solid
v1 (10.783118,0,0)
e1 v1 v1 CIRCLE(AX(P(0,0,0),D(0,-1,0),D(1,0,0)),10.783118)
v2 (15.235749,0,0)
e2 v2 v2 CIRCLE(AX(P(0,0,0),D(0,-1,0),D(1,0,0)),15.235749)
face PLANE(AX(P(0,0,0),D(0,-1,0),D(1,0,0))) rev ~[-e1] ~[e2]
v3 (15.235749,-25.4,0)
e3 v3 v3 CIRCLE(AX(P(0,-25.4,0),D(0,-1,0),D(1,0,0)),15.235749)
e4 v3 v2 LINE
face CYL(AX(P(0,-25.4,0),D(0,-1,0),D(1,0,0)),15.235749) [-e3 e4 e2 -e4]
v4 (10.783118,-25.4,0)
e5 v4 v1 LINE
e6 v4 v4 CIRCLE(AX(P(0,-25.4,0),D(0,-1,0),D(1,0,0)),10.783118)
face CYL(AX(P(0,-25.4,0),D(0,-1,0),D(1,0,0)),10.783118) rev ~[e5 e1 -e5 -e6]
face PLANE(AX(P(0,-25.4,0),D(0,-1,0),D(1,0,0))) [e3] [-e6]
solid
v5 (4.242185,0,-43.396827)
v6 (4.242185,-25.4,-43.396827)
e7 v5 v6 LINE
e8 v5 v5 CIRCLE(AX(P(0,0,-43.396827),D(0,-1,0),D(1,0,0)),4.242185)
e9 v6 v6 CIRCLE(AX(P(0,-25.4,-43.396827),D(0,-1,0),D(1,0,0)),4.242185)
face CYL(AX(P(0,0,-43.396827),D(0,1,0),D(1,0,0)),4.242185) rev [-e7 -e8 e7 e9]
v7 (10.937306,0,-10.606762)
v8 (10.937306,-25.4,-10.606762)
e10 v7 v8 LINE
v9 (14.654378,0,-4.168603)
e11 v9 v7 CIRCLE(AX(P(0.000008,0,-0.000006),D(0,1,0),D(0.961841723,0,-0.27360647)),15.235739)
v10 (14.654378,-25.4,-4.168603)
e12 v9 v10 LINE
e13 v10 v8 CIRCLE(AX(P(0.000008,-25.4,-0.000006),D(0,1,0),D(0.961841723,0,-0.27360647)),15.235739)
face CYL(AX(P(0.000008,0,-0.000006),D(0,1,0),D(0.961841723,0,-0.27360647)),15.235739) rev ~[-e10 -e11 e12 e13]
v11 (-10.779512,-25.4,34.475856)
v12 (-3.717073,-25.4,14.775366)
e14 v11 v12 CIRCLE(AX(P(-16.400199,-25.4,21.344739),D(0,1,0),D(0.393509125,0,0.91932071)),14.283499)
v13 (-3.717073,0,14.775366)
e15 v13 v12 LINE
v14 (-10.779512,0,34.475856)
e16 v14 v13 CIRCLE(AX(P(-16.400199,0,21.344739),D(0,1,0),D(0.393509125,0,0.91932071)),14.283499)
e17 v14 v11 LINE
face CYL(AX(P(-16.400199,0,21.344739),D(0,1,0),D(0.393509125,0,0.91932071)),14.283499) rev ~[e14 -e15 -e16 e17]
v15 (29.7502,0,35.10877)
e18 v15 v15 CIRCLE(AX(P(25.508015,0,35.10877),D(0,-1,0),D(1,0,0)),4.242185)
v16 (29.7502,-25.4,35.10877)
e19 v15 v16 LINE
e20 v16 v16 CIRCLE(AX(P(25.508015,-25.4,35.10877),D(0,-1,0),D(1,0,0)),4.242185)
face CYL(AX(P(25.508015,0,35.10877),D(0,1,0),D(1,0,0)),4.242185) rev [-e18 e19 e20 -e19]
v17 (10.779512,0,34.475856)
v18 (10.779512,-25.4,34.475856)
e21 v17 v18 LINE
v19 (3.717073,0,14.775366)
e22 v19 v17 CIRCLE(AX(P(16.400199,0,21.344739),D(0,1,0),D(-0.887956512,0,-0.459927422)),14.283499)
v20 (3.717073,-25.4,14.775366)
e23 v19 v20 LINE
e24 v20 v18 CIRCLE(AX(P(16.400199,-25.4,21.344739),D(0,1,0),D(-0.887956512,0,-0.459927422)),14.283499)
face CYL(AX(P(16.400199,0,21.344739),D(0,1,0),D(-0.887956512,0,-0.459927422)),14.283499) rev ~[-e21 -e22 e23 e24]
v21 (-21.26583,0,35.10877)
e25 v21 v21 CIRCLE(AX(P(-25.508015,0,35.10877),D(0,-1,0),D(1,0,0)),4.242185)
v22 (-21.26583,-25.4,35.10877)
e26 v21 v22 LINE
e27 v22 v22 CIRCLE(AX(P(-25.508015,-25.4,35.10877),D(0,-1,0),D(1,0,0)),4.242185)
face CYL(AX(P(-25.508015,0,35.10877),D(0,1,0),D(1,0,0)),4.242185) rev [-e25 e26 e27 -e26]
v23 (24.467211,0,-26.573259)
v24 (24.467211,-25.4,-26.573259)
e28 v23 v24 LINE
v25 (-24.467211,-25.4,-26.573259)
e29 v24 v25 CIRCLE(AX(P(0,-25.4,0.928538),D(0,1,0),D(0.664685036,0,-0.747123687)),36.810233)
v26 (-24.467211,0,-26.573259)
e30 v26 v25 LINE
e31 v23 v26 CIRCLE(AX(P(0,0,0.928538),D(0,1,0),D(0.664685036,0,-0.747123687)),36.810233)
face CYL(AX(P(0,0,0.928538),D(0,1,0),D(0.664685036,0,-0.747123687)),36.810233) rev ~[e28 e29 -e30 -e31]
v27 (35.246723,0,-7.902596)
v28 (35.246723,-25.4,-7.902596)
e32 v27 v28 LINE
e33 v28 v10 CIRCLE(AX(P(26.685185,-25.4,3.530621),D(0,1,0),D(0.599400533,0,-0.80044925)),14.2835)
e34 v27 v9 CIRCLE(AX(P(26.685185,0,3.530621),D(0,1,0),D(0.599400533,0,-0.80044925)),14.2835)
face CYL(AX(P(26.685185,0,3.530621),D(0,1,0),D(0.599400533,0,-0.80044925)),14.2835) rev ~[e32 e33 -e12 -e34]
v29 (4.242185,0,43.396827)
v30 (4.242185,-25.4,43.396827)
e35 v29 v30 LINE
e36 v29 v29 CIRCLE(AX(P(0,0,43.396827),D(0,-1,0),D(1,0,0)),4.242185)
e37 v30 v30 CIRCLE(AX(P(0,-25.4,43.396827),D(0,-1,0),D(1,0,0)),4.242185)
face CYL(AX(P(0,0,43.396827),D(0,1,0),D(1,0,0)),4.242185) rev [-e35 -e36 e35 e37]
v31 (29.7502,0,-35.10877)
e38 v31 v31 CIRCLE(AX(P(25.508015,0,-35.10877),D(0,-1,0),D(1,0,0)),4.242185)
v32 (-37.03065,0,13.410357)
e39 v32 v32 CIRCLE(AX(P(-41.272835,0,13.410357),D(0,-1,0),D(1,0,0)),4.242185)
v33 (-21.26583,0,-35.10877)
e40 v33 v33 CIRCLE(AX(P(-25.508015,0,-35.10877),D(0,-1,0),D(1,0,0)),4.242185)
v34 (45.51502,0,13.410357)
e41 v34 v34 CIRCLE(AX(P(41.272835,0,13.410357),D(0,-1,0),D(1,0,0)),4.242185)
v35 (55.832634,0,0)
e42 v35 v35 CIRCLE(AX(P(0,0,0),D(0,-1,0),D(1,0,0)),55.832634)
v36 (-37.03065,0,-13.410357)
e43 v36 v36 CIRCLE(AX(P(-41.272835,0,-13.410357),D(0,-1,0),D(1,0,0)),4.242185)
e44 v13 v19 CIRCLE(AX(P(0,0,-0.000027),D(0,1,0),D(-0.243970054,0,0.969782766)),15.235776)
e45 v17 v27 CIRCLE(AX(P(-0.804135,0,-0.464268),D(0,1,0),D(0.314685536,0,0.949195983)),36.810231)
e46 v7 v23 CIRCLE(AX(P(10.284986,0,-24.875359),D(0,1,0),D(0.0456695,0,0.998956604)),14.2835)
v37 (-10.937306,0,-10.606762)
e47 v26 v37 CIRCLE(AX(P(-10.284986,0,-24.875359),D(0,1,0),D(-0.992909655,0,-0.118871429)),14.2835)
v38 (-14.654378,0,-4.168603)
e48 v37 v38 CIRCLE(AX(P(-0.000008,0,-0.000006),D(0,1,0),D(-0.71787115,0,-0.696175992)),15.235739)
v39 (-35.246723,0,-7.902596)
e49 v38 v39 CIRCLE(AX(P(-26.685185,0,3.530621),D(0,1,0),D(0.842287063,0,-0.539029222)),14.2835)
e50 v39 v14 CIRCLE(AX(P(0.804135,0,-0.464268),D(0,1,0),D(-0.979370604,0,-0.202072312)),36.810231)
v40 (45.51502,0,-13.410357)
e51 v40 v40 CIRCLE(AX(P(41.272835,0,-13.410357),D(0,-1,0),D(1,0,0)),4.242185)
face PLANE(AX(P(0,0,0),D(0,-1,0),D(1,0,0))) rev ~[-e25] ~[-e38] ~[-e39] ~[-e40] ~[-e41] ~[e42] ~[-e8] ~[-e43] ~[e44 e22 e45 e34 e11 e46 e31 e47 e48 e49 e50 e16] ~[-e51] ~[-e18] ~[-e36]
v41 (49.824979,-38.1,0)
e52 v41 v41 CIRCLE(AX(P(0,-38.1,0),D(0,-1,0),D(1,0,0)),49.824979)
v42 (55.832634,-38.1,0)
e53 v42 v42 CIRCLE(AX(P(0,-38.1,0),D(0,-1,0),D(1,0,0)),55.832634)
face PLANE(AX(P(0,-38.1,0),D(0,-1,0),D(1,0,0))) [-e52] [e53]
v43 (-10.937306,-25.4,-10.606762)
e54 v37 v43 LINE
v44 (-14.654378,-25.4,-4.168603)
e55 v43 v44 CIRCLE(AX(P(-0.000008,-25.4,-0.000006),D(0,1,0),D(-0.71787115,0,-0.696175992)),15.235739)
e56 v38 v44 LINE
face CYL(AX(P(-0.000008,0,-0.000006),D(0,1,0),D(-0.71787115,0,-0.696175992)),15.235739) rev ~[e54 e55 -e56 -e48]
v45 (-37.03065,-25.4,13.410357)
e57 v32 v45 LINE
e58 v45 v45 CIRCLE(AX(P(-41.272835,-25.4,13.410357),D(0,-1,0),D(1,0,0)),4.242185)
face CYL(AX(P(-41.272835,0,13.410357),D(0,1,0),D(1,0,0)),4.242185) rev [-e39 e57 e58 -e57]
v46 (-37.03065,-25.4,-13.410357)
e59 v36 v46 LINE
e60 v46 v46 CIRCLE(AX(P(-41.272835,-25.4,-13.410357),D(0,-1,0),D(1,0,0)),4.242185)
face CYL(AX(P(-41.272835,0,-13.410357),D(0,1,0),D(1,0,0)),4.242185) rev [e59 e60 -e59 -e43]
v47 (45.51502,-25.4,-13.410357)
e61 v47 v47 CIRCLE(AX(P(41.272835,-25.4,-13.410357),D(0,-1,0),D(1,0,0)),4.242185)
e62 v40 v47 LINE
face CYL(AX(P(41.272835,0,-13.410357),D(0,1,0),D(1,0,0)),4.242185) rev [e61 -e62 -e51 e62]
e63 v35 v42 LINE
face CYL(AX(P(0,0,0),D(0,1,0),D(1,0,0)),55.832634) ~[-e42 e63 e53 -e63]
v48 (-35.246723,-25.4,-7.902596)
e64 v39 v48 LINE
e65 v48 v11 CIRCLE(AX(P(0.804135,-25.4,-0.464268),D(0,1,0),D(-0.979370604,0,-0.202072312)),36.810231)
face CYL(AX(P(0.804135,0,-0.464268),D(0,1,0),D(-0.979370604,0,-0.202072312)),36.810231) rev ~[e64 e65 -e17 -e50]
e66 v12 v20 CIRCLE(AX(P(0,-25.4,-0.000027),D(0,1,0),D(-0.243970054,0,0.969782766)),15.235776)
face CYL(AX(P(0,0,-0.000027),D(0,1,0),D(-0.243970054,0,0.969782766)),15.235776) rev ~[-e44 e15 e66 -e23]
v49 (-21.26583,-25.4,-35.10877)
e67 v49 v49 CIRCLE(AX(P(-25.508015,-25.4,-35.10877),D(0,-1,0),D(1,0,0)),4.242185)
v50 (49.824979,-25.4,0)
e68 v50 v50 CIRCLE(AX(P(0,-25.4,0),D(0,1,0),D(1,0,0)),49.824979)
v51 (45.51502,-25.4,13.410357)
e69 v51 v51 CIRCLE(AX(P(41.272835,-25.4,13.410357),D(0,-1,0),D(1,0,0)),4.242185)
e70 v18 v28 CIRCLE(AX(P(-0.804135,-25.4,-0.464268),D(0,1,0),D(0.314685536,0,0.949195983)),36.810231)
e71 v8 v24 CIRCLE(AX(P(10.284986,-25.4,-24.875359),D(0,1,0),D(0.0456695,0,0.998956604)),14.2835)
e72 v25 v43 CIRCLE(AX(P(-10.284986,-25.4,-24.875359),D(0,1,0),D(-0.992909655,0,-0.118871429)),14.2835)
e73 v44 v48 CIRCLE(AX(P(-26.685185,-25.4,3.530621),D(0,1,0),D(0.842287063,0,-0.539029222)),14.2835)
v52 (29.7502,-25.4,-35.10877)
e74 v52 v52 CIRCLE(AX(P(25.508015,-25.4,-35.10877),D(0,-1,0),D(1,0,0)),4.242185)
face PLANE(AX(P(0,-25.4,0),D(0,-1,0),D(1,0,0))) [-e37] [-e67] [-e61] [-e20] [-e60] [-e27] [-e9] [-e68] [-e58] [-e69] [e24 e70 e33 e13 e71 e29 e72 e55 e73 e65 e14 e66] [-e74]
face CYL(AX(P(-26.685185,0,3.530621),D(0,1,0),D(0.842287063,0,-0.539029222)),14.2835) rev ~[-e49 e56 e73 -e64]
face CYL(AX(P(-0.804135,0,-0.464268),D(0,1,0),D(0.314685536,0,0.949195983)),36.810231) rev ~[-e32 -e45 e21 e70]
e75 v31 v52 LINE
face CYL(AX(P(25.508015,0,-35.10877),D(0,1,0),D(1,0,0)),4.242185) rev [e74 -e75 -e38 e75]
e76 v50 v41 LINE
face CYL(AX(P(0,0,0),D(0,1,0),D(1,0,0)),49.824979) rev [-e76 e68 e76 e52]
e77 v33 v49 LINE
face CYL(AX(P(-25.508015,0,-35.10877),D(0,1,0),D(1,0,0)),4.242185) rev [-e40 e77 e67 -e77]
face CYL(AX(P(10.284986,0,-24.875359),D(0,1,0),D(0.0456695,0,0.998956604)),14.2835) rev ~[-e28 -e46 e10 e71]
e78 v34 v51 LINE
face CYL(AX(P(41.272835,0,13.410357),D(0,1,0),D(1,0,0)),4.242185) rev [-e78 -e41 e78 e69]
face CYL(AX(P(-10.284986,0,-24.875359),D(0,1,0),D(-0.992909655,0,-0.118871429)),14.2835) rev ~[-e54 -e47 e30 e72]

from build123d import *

# Parameters (mm, degrees)
F0_R     = 50.459269
F0_R_2   = 4.242185
F1_DEPTH = 25.4
F2_R     = 15.235749
F2_R_2   = 10.783118
F3_DEPTH = 25.4
F4_R     = 55.832634
F4_R_2   = 49.824979
F5_DEPTH = 38.1


with BuildPart() as f1:
    # F0 (on Front) → F1 (new body)
    with BuildSketch(Plane.XZ):
        Circle(F0_R)
        with Locations((-25.508015, -35.10877)):
            Circle(F0_R_2, mode=Mode.SUBTRACT)
        with Locations((0, -43.396827)):
            Circle(F0_R_2, mode=Mode.SUBTRACT)
        with Locations((-41.272835, -13.410357)):
            Circle(F0_R_2, mode=Mode.SUBTRACT)
        with BuildLine():
            ThreePointArc((-10.779512, 34.475856), (-2.954578, 26.164866), (-3.717073, 14.775366))
            ThreePointArc((-3.717073, 14.775366), (0, 15.235749), (3.717073, 14.775366))
            ThreePointArc((3.717073, 14.775366), (2.954578, 26.164866), (10.779512, 34.475856))
            ThreePointArc((10.779512, 34.475856), (31.07446, 17.940848), (35.246723, -7.902596))
            ThreePointArc((35.246723, -7.902596), (24.136728, -10.523693), (14.654378, -4.168603))
            ThreePointArc((14.654378, -4.168603), (13.194546, -7.617875), (10.937306, -10.606762))
            ThreePointArc((10.937306, -10.606762), (21.18215, -15.641173), (24.467211, -26.573259))
            ThreePointArc((24.467211, -26.573259), (0, -35.881695), (-24.467211, -26.573259))
            ThreePointArc((-24.467211, -26.573259), (-21.18215, -15.641173), (-10.937306, -10.606762))
            ThreePointArc((-10.937306, -10.606762), (-13.194546, -7.617875), (-14.654378, -4.168603))
            ThreePointArc((-14.654378, -4.168603), (-24.136728, -10.523693), (-35.246723, -7.902596))
            ThreePointArc((-35.246723, -7.902596), (-31.07446, 17.940848), (-10.779512, 34.475856))
        make_face(mode=Mode.SUBTRACT)
        with Locations((25.508015, -35.10877)):
            Circle(F0_R_2, mode=Mode.SUBTRACT)
        with Locations((41.272835, -13.410357)):
            Circle(F0_R_2, mode=Mode.SUBTRACT)
        with Locations((-41.272835, 13.410357)):
            Circle(F0_R_2, mode=Mode.SUBTRACT)
        with Locations((-25.508015, 35.10877)):
            Circle(F0_R_2, mode=Mode.SUBTRACT)
        with Locations((0, 43.396827)):
            Circle(F0_R_2, mode=Mode.SUBTRACT)
        with Locations((41.272835, 13.410357)):
            Circle(F0_R_2, mode=Mode.SUBTRACT)
        with Locations((25.508015, 35.10877)):
            Circle(F0_R_2, mode=Mode.SUBTRACT)
    extrude(amount=F1_DEPTH)

    # F4 (on Front) → F5 (join)
    with BuildSketch(Plane.XZ):
        Circle(F4_R)
        Circle(F4_R_2, mode=Mode.SUBTRACT)
    extrude(amount=F5_DEPTH)


with BuildPart() as f3:
    # F2 (on face) → F3 (new body)
    with BuildSketch(Plane.XZ.offset(25.4)):
        Circle(F2_R)
        Circle(F2_R_2, mode=Mode.SUBTRACT)
    extrude(amount=-F3_DEPTH)


solid = Compound([f1.part, f3.part])
